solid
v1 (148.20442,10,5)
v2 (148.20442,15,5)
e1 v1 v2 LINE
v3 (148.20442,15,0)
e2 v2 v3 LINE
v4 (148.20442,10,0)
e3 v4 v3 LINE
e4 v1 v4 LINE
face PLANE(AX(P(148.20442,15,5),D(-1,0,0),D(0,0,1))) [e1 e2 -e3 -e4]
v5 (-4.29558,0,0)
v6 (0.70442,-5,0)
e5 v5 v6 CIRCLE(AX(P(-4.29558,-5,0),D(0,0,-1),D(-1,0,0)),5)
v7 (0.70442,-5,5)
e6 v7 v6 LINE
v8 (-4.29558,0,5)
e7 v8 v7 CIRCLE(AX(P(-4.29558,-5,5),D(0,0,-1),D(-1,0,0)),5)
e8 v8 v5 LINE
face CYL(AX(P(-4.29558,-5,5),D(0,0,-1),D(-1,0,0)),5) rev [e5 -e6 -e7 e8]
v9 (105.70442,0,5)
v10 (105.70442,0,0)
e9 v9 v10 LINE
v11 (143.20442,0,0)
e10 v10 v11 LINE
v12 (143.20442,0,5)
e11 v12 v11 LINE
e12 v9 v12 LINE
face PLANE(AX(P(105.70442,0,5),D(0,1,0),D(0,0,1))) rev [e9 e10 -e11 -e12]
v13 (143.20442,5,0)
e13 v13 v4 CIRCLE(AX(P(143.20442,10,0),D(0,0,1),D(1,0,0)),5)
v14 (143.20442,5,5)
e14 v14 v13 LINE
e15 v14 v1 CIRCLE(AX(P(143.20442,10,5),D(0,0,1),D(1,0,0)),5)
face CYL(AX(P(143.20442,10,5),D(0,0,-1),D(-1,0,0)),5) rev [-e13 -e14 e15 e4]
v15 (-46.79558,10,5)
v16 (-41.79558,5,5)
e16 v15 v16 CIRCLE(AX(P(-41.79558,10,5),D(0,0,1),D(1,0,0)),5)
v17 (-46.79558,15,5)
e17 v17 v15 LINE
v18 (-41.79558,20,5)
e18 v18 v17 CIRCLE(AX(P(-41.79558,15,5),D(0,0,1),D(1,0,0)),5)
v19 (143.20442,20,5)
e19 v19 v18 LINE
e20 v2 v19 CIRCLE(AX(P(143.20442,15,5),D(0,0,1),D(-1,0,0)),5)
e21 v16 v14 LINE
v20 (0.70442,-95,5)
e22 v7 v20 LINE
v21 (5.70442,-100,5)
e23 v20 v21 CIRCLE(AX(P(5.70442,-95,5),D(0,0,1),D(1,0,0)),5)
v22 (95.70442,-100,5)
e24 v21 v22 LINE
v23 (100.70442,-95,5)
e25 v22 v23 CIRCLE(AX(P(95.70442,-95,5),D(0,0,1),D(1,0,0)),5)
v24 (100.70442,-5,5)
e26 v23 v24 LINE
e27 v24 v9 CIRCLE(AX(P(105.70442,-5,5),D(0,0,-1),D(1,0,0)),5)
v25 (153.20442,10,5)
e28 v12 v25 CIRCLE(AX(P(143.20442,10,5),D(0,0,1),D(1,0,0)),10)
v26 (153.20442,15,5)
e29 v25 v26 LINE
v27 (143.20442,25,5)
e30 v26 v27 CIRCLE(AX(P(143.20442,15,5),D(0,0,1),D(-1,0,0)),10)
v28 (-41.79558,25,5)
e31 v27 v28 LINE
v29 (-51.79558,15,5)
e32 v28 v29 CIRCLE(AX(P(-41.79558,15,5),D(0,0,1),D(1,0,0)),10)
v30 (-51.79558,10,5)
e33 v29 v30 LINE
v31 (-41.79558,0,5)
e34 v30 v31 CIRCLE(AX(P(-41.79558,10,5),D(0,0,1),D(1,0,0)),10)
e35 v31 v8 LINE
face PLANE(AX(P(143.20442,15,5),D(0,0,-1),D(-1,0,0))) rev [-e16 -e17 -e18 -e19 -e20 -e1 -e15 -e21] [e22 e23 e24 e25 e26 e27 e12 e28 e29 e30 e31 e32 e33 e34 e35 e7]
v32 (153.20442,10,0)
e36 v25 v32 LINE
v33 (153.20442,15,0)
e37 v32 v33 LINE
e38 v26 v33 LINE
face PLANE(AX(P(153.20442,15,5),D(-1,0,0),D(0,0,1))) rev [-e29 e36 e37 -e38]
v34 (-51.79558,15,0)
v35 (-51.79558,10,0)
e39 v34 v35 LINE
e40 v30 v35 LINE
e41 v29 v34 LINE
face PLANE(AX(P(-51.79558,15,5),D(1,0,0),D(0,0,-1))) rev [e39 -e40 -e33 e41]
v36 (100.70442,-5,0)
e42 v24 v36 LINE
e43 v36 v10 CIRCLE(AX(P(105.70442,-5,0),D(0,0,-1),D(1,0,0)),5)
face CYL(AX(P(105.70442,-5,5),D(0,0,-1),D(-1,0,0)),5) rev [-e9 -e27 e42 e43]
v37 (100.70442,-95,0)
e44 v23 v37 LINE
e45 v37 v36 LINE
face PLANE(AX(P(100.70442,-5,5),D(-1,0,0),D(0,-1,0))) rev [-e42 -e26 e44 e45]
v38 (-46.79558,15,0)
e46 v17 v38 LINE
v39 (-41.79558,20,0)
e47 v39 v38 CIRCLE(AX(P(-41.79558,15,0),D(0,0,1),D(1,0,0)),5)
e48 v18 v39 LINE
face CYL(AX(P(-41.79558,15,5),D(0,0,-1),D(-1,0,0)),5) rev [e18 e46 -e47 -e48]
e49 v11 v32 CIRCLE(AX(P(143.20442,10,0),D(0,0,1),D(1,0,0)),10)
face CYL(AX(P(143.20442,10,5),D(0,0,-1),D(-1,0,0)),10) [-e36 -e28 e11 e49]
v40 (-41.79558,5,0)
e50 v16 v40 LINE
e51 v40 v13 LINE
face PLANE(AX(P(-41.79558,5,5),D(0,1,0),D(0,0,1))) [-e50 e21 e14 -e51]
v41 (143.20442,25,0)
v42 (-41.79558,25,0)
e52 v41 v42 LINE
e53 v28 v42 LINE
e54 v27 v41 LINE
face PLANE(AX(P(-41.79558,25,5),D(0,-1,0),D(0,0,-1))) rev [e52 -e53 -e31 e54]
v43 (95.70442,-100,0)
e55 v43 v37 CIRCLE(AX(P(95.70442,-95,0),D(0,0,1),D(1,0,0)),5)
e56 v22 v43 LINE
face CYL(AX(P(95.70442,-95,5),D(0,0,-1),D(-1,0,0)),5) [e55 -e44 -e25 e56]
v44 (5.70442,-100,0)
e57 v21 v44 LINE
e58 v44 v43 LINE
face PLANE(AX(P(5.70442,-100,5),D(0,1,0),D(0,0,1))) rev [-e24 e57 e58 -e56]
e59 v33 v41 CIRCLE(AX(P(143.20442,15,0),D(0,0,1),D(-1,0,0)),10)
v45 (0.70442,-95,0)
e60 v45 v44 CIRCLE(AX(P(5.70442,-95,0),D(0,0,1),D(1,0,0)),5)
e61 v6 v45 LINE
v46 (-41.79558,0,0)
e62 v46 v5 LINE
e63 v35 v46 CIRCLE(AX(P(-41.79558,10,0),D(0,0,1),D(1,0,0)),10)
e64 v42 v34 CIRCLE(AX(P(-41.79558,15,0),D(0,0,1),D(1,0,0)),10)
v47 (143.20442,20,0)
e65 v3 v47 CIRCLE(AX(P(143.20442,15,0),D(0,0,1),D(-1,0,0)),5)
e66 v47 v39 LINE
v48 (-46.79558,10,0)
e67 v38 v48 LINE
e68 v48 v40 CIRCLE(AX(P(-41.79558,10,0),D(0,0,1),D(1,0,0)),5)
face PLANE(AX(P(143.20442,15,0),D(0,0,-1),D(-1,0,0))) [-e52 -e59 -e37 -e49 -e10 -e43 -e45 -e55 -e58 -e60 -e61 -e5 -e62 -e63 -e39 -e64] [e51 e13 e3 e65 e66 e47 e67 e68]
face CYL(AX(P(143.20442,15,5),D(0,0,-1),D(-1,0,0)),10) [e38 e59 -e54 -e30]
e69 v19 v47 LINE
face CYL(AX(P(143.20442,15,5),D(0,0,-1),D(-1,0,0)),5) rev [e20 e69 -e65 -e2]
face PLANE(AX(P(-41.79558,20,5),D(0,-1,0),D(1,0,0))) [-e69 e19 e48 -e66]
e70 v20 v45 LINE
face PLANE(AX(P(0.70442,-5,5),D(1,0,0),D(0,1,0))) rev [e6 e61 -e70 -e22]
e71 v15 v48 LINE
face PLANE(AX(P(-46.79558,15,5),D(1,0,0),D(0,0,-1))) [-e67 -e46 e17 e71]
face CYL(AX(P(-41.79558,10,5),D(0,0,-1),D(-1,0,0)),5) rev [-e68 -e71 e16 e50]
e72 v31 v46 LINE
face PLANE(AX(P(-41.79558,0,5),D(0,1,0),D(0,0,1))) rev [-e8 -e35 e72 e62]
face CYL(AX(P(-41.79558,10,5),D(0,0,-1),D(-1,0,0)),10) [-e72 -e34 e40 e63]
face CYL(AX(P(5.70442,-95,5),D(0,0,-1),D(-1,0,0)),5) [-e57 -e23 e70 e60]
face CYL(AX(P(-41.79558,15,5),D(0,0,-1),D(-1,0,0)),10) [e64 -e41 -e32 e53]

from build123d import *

# Parameters (mm, degrees)
BOSS_EXTRUDE1_DEPTH = 5


with BuildPart() as part:
    # Sketch1 → Boss-Extrude1 (new body)
    with BuildSketch(Plane.XY):
        with BuildLine():
            Line((105.70441989, 0), (143.20441989, 0))
            ThreePointArc((143.20441989, 0), (150.275487701, 2.928932188), (153.20441989, 10))
            Line((153.20441989, 10), (153.20441989, 15))
            ThreePointArc((153.20441989, 15), (150.275487701, 22.071067812), (143.20441989, 25))
            Line((143.20441989, 25), (-41.79558011, 25))
            ThreePointArc((-41.79558011, 25), (-48.866647922, 22.071067812), (-51.79558011, 15))
            Line((-51.79558011, 15), (-51.79558011, 10))
            ThreePointArc((-51.79558011, 10), (-48.866647922, 2.928932188), (-41.79558011, 0))
            Line((-41.79558011, 0), (-4.29558011, 0))
            ThreePointArc((-4.29558011, 0), (-0.760046205, -1.464466094), (0.70441989, -5))
            Line((0.70441989, -5), (0.70441989, -95))
            ThreePointArc((0.70441989, -95), (2.168885984, -98.535533906), (5.70441989, -100))
            Line((5.70441989, -100), (95.70441989, -100))
            ThreePointArc((95.70441989, -100), (99.239953795, -98.535533906), (100.70441989, -95))
            Line((100.70441989, -95), (100.70441989, -5))
            ThreePointArc((100.70441989, -5), (102.168885984, -1.464466094), (105.70441989, 0))
        make_face()
        with BuildLine():
            Line((-41.79558011, 20), (143.20441989, 20))
            ThreePointArc((143.20441989, 20), (146.739953795, 18.535533906), (148.20441989, 15))
            Line((148.20441989, 15), (148.20441989, 10))
            ThreePointArc((148.20441989, 10), (146.739953795, 6.464466094), (143.20441989, 5))
            Line((143.20441989, 5), (-41.79558011, 5))
            ThreePointArc((-41.79558011, 5), (-45.331114016, 6.464466094), (-46.79558011, 10))
            Line((-46.79558011, 10), (-46.79558011, 15))
            ThreePointArc((-46.79558011, 15), (-45.331114016, 18.535533906), (-41.79558011, 20))
        make_face(mode=Mode.SUBTRACT)
    extrude(amount=BOSS_EXTRUDE1_DEPTH)


solid = part.part
